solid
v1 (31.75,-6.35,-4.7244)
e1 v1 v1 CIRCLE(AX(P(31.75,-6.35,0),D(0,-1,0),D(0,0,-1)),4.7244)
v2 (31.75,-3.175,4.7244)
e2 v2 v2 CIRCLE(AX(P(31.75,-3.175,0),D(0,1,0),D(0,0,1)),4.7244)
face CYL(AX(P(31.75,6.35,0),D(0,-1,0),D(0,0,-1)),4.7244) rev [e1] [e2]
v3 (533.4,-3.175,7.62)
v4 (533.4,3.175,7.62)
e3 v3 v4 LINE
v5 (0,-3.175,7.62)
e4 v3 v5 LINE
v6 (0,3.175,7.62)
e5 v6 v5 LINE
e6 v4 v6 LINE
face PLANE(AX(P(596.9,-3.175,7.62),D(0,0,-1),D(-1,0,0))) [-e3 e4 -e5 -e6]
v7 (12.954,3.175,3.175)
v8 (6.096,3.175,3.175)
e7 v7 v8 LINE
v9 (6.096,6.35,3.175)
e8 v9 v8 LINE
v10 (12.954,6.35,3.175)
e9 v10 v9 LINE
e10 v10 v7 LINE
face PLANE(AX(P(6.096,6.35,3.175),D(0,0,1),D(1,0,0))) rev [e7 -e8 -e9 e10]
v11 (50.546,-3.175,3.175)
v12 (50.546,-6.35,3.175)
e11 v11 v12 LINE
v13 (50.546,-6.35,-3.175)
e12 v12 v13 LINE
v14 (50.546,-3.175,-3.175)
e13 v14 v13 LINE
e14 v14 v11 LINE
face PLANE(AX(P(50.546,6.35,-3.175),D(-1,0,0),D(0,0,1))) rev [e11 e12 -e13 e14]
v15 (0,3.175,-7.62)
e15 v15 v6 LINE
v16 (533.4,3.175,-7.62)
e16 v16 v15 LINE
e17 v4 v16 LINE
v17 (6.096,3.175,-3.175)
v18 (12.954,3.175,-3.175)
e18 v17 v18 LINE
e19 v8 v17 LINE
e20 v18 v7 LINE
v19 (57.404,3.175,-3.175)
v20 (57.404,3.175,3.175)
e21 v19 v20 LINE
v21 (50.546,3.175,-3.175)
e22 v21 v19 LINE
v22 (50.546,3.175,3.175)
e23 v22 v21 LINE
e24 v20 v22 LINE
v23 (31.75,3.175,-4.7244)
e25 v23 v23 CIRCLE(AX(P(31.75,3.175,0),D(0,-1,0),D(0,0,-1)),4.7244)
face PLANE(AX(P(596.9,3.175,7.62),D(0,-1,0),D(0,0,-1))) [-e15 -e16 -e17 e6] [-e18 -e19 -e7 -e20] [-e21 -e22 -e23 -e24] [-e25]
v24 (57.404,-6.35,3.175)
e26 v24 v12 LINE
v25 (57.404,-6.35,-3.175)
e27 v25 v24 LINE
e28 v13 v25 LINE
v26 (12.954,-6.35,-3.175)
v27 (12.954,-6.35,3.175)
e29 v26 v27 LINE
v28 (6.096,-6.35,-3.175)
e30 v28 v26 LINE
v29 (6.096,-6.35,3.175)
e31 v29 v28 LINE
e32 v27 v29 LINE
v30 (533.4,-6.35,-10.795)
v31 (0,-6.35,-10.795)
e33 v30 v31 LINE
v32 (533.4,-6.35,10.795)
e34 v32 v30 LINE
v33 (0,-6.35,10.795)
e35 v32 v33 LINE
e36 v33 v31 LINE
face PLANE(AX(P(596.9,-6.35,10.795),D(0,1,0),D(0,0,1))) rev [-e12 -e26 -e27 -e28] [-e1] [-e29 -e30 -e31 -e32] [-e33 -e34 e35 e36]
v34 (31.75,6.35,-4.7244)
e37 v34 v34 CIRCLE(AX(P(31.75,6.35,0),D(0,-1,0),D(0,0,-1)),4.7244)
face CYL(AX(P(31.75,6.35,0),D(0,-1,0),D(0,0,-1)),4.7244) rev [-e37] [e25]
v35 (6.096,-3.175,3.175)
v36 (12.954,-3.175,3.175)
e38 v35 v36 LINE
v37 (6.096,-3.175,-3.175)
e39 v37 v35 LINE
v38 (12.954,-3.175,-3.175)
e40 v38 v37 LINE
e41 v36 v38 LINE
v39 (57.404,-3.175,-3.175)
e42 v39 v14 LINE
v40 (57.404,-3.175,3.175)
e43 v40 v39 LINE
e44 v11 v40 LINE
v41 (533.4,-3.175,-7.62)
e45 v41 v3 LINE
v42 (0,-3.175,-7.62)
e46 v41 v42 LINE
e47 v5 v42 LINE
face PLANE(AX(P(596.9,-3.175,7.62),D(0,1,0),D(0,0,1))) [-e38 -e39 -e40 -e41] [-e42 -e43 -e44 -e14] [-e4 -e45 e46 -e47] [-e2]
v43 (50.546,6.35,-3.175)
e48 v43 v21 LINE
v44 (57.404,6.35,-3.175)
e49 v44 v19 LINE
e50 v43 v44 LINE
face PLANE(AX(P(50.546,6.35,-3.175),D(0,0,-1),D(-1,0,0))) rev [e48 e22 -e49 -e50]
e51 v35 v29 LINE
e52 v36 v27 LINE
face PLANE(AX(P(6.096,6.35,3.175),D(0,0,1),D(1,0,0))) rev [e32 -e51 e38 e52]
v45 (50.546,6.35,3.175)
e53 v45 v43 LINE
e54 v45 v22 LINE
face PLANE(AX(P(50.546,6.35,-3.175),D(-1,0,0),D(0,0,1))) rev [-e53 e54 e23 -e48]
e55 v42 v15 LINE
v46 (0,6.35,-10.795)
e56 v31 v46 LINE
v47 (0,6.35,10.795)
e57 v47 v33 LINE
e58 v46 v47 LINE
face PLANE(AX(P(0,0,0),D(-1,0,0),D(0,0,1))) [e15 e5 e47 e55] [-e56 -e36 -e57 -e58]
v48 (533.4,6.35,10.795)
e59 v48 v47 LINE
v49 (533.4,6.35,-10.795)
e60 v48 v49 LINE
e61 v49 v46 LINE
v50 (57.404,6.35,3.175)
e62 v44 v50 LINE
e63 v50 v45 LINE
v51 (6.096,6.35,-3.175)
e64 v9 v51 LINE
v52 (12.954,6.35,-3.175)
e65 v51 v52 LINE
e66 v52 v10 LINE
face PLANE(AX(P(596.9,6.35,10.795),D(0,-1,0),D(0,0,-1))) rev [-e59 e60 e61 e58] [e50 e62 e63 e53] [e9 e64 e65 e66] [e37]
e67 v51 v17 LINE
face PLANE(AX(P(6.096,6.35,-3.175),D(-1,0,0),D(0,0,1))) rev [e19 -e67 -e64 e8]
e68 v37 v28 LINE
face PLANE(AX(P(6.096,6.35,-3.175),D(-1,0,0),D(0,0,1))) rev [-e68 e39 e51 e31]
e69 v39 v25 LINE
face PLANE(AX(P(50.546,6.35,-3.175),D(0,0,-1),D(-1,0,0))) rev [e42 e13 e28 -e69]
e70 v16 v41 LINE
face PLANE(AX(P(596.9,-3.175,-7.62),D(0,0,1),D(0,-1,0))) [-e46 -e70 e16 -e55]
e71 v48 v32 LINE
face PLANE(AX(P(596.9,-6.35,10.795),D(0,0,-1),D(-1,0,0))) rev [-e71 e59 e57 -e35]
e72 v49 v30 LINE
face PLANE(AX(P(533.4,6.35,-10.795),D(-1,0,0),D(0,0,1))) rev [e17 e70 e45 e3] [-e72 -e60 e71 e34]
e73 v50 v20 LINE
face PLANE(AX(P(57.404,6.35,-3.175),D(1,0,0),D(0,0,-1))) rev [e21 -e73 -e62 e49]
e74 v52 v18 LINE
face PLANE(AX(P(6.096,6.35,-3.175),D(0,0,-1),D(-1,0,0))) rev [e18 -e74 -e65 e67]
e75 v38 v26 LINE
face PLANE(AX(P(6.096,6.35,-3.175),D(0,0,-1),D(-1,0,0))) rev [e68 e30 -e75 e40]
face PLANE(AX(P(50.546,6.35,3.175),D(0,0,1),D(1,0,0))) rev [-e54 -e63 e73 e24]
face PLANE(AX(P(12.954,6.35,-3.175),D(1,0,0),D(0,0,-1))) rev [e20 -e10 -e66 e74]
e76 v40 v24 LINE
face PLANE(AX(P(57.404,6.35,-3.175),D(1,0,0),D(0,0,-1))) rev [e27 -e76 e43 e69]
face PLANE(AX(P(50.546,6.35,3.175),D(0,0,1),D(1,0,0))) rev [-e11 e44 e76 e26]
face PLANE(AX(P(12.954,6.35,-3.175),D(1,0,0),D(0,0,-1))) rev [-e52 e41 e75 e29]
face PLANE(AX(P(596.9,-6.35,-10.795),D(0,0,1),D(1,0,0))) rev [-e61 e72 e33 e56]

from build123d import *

# Parameters (mm, degrees)
ESQUISSE1_W             = 21.59
ESQUISSE1_H             = 12.7
ESQUISSE1_W_2           = 15.24
ESQUISSE1_H_2           = 6.35
BOSS_EXTRU_1_DEPTH      = 596.9
ESQUISSE2_R             = 4.7244
ESQUISSE2_W             = 6.858
ESQUISSE2_H             = 6.35
ENL_V_MAT_EXTRU_1_DEPTH = 598.132675396
ESQUISSE3_W             = 63.5
ESQUISSE3_H             = 21.59
ENL_V_MAT_EXTRU_2_DEPTH = 598.132675396


with BuildPart() as part:
    # Esquisse1 → Boss.-Extru.1 (new body)
    with BuildSketch(Plane(origin=(0, 0, 0), x_dir=(0, 0, -1), z_dir=(1, 0, 0))):
        Rectangle(ESQUISSE1_W, ESQUISSE1_H)
        Rectangle(ESQUISSE1_W_2, ESQUISSE1_H_2, mode=Mode.SUBTRACT)
    extrude(amount=BOSS_EXTRU_1_DEPTH)

    # Esquisse2 → Enlèv. mat.-Extru.1 (cut, through all)
    with BuildSketch(Plane.XZ.offset(6.35)):
        with Locations(Location((31.75, 0, 0), (0, 0, 270))):
            Circle(ESQUISSE2_R)
        with Locations((9.525, 0)):
            Rectangle(ESQUISSE2_W, ESQUISSE2_H)
        with Locations((53.975, 0)):
            Rectangle(ESQUISSE2_W, ESQUISSE2_H)
    enl_v_mat_extru_1 = extrude(amount=-ENL_V_MAT_EXTRU_1_DEPTH, mode=Mode.SUBTRACT)

    # Symétrie1: Enlèv. mat.-Extru.1 across plane
    add(enl_v_mat_extru_1.mirror(Plane.ZY.offset(-298.45)), mode=Mode.SUBTRACT)

    # Esquisse3 → Enlèv. mat.-Extru.2 (cut, through all)
    with BuildSketch(Plane.XZ.offset(6.35)):
        with Locations((565.15, 0)):
            Rectangle(ESQUISSE3_W, ESQUISSE3_H)
    extrude(amount=-ENL_V_MAT_EXTRU_2_DEPTH, mode=Mode.SUBTRACT)


solid = part.part
